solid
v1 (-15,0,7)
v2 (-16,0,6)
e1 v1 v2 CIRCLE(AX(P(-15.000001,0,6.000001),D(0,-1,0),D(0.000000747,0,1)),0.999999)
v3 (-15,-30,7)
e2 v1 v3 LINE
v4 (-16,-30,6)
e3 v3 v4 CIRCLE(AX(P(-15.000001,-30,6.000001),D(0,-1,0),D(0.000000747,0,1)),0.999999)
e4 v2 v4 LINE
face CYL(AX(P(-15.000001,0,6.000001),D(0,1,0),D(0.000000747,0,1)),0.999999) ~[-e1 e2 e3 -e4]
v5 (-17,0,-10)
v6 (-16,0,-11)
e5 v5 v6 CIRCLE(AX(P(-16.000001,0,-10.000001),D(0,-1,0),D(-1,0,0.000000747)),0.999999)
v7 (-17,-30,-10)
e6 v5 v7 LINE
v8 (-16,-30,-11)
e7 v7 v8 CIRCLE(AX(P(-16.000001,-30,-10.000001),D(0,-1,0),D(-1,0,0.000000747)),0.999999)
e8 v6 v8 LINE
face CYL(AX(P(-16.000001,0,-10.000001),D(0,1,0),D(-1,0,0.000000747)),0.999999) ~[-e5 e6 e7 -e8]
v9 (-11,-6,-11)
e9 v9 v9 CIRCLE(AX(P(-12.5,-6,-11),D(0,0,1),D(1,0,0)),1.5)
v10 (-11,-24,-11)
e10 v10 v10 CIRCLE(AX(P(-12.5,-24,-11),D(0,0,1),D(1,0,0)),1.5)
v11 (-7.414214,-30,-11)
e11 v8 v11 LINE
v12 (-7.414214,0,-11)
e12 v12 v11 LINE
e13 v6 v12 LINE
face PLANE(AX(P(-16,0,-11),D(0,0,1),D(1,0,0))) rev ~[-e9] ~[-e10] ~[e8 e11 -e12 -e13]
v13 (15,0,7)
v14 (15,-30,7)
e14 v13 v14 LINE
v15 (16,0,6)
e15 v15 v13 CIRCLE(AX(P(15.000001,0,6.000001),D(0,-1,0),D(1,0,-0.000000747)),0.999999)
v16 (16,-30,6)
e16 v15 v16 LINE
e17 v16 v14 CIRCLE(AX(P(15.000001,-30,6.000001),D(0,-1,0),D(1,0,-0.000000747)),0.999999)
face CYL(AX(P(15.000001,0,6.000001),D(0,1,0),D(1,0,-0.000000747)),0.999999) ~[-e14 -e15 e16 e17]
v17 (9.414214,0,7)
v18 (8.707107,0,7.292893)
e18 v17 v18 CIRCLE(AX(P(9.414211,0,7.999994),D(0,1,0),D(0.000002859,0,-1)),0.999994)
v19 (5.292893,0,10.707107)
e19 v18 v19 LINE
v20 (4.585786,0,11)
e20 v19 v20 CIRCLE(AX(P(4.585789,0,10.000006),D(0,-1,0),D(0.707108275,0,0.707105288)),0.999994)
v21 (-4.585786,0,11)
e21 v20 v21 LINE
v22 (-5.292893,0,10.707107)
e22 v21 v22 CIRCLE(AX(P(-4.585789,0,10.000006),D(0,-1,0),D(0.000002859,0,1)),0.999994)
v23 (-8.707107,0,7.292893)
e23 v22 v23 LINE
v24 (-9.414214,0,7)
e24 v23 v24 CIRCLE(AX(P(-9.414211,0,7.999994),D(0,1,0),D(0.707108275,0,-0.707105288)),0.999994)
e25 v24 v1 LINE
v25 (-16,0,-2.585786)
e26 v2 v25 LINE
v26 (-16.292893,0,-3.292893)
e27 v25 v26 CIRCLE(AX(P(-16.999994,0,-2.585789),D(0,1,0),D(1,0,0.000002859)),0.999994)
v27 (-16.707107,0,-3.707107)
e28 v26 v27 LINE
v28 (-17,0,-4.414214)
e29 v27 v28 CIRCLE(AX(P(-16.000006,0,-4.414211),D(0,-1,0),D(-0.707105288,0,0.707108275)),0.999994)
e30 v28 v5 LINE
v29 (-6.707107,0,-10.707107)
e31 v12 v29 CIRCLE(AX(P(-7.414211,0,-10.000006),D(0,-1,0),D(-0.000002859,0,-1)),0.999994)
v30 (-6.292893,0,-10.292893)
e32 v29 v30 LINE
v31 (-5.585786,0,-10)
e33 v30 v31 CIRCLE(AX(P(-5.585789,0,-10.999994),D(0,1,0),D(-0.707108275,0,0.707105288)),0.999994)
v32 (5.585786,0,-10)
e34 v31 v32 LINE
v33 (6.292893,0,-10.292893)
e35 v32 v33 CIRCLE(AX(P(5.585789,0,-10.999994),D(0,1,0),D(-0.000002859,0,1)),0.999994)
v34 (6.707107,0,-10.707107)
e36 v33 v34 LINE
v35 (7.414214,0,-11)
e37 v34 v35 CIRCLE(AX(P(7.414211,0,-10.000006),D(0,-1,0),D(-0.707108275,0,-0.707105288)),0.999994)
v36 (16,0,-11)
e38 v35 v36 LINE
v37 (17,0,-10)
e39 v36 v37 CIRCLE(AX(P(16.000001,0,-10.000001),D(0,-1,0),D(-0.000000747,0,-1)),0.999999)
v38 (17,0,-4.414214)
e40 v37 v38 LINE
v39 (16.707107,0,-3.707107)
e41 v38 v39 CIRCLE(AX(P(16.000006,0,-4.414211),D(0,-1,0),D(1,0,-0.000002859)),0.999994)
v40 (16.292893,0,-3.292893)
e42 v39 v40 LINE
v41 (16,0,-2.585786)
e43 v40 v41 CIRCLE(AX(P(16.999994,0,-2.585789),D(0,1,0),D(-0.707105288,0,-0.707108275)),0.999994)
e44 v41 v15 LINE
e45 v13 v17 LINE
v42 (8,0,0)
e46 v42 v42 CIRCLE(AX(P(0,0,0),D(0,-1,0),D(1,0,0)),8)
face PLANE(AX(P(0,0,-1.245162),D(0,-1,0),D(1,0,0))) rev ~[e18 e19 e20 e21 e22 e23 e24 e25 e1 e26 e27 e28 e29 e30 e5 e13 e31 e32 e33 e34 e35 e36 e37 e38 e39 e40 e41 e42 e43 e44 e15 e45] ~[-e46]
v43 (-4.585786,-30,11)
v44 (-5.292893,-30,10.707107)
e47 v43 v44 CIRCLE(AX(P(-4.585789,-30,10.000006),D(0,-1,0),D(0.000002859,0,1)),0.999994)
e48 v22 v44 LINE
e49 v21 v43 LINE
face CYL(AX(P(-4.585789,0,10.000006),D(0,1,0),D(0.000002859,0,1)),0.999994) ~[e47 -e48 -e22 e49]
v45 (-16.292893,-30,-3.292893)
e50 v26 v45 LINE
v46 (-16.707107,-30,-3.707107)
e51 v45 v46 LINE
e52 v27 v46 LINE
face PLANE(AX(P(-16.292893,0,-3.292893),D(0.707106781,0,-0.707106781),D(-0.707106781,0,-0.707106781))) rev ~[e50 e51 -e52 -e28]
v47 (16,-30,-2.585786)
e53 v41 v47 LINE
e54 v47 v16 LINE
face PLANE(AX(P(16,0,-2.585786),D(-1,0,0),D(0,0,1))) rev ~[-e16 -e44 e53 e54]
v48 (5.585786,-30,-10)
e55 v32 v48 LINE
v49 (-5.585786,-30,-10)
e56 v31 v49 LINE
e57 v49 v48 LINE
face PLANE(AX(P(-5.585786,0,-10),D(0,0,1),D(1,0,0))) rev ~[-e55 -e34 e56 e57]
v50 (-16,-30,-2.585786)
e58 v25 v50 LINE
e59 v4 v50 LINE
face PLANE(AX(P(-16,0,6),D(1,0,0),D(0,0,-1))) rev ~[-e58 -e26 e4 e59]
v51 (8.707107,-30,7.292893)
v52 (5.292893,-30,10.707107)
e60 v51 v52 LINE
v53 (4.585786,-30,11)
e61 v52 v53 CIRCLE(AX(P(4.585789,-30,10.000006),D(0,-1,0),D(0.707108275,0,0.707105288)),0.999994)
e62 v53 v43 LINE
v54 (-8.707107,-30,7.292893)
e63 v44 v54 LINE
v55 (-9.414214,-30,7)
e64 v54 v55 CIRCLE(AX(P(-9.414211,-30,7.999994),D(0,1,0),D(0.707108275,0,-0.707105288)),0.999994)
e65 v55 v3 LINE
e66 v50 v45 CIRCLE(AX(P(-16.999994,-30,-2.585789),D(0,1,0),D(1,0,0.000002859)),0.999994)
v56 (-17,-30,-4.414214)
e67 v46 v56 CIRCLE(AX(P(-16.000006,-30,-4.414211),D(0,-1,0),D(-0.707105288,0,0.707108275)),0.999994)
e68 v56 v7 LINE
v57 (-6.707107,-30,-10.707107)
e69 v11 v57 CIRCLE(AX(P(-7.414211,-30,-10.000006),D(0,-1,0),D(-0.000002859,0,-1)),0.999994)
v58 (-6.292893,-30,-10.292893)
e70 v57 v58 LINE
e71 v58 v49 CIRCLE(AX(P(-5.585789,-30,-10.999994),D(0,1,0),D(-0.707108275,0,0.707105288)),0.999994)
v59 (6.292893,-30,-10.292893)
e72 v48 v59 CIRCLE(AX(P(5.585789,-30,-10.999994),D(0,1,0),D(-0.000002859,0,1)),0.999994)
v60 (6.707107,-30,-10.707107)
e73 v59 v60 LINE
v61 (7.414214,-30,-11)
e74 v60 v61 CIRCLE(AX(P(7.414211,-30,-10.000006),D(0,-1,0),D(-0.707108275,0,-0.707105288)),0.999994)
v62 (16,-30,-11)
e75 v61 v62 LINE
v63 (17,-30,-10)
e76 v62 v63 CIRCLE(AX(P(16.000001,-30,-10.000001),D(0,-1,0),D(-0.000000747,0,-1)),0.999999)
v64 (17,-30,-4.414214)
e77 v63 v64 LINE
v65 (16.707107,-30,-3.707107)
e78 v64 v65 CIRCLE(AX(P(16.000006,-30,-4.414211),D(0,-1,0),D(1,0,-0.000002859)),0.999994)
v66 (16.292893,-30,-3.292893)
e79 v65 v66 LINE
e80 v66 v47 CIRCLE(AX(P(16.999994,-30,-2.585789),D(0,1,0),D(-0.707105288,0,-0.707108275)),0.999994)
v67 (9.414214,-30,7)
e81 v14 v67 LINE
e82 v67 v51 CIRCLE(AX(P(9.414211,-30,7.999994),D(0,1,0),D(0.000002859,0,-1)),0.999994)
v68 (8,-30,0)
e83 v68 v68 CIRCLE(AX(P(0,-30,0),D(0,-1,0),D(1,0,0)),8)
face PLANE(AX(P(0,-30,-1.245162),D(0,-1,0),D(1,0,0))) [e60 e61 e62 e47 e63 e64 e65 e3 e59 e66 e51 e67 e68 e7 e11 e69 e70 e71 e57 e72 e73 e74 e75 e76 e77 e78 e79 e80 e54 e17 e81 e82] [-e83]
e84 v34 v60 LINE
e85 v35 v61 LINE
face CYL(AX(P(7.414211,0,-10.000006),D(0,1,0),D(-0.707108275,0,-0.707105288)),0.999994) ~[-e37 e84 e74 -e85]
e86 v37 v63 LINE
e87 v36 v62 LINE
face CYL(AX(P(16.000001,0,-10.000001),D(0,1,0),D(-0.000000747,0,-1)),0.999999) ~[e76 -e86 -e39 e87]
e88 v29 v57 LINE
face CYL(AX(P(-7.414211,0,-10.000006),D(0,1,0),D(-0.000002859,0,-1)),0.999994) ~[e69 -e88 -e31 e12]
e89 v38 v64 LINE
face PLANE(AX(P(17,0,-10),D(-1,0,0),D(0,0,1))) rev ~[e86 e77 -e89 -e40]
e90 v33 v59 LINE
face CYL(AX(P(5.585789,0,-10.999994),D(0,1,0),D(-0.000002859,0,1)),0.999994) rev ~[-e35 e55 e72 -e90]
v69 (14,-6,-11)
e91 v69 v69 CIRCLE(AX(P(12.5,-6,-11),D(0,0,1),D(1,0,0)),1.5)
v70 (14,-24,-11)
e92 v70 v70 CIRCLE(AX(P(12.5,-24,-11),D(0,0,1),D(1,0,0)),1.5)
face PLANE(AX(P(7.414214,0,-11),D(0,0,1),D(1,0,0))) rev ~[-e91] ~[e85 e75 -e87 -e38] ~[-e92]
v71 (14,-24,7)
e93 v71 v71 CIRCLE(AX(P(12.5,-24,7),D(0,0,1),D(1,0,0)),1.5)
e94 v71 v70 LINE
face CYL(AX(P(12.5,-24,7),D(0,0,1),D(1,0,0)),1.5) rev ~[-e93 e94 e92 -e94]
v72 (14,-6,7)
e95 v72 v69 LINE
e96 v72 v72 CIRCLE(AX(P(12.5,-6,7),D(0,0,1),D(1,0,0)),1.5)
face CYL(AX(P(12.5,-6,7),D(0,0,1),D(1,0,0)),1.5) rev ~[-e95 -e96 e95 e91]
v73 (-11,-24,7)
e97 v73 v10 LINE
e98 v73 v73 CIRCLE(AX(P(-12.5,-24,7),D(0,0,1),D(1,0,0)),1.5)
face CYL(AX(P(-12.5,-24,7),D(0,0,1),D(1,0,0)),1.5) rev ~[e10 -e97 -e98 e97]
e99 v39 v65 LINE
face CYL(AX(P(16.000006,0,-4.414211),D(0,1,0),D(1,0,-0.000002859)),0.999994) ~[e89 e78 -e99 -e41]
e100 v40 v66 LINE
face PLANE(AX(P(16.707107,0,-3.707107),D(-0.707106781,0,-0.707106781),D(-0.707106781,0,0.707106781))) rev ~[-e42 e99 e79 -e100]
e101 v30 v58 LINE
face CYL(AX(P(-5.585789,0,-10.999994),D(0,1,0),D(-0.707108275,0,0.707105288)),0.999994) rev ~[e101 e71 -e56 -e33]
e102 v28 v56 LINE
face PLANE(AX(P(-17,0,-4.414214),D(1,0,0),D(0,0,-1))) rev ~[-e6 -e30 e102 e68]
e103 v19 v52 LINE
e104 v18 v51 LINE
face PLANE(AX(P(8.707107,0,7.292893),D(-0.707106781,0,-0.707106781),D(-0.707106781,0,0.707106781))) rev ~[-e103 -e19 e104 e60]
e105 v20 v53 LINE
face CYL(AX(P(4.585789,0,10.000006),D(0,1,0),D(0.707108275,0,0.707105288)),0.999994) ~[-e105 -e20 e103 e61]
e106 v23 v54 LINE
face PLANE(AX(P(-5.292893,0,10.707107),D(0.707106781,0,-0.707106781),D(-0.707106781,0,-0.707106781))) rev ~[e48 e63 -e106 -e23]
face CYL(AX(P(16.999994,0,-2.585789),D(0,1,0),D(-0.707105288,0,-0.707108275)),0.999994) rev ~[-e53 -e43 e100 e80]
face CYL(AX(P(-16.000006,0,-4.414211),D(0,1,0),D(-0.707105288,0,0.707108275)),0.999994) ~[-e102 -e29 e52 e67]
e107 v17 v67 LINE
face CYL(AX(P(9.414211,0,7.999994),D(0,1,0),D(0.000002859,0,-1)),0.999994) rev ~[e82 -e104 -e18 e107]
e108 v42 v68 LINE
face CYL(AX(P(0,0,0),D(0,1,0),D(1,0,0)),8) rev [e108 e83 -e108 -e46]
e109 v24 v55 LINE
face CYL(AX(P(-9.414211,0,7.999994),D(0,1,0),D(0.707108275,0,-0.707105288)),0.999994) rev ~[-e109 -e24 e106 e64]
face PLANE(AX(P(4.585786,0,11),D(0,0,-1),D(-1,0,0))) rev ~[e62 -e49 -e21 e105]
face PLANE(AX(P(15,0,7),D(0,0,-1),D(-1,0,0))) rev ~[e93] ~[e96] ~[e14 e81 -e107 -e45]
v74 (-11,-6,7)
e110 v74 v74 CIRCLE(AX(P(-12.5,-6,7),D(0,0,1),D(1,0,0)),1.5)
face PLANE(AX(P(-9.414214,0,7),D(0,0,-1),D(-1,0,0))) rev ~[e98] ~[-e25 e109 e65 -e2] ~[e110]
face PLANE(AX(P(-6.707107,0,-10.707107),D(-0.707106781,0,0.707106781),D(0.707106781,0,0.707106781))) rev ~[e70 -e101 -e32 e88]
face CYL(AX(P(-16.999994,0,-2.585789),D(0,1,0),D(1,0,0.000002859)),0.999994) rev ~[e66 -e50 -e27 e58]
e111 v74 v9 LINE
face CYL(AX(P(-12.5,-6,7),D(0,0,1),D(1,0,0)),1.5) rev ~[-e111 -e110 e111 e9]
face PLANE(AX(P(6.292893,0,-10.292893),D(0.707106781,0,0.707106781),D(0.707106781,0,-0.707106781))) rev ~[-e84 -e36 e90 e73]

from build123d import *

# Parameters (mm, degrees)
F0_R     = 8
F1_DEPTH = 30
F2_R     = 1.5
F3_DEPTH = 18.001


with BuildPart() as f1:
    # F0 (on Front) → F1 (new body)
    with BuildSketch(Plane.XZ):
        with BuildLine():
            ThreePointArc((-17, -10), (-16.707107, -10.707107), (-16, -11))
            Line((-16, -11), (-7.414214, -11))
            ThreePointArc((-7.414214, -11), (-7.03153, -10.92388), (-6.707107, -10.707107))
            Line((-6.707107, -10.707107), (-6.292893, -10.292893))
            ThreePointArc((-6.292893, -10.292893), (-5.96847, -10.07612), (-5.585786, -10))
            Line((-5.585786, -10), (5.585786, -10))
            ThreePointArc((5.585786, -10), (5.96847, -10.07612), (6.292893, -10.292893))
            Line((6.292893, -10.292893), (6.707107, -10.707107))
            ThreePointArc((6.707107, -10.707107), (7.03153, -10.92388), (7.414214, -11))
            Line((7.414214, -11), (16, -11))
            ThreePointArc((16, -11), (16.707107, -10.707107), (17, -10))
            Line((17, -10), (17, -4.414214))
            ThreePointArc((17, -4.414214), (16.92388, -4.03153), (16.707107, -3.707107))
            Line((16.707107, -3.707107), (16.292893, -3.292893))
            ThreePointArc((16.292893, -3.292893), (16.07612, -2.96847), (16, -2.585786))
            Line((16, -2.585786), (16, 6))
            ThreePointArc((16, 6), (15.707107, 6.707107), (15, 7))
            Line((15, 7), (9.414214, 7))
            ThreePointArc((9.414214, 7), (9.03153, 7.07612), (8.707107, 7.292893))
            Line((8.707107, 7.292893), (5.292893, 10.707107))
            ThreePointArc((5.292893, 10.707107), (4.96847, 10.92388), (4.585786, 11))
            Line((4.585786, 11), (-4.585786, 11))
            ThreePointArc((-4.585786, 11), (-4.96847, 10.92388), (-5.292893, 10.707107))
            Line((-5.292893, 10.707107), (-8.707107, 7.292893))
            ThreePointArc((-8.707107, 7.292893), (-9.03153, 7.07612), (-9.414214, 7))
            Line((-9.414214, 7), (-15, 7))
            ThreePointArc((-15, 7), (-15.707107, 6.707107), (-16, 6))
            Line((-16, 6), (-16, -2.585786))
            ThreePointArc((-16, -2.585786), (-16.07612, -2.96847), (-16.292893, -3.292893))
            Line((-16.292893, -3.292893), (-16.707107, -3.707107))
            ThreePointArc((-16.707107, -3.707107), (-16.92388, -4.03153), (-17, -4.414214))
            Line((-17, -4.414214), (-17, -10))
        make_face()
        Circle(F0_R, mode=Mode.SUBTRACT)
    extrude(amount=F1_DEPTH)

    # F2 (on face) → F3 (cut, through all)
    with BuildSketch(Plane.XY.offset(7)):
        with Locations((-12.5, -6)):
            Circle(F2_R)
        with Locations((-12.5, -24)):
            Circle(F2_R)
        with Locations((12.5, -6)):
            Circle(F2_R)
        with Locations((12.5, -24)):
            Circle(F2_R)
    extrude(amount=-F3_DEPTH, mode=Mode.SUBTRACT)


solid = f1.part
